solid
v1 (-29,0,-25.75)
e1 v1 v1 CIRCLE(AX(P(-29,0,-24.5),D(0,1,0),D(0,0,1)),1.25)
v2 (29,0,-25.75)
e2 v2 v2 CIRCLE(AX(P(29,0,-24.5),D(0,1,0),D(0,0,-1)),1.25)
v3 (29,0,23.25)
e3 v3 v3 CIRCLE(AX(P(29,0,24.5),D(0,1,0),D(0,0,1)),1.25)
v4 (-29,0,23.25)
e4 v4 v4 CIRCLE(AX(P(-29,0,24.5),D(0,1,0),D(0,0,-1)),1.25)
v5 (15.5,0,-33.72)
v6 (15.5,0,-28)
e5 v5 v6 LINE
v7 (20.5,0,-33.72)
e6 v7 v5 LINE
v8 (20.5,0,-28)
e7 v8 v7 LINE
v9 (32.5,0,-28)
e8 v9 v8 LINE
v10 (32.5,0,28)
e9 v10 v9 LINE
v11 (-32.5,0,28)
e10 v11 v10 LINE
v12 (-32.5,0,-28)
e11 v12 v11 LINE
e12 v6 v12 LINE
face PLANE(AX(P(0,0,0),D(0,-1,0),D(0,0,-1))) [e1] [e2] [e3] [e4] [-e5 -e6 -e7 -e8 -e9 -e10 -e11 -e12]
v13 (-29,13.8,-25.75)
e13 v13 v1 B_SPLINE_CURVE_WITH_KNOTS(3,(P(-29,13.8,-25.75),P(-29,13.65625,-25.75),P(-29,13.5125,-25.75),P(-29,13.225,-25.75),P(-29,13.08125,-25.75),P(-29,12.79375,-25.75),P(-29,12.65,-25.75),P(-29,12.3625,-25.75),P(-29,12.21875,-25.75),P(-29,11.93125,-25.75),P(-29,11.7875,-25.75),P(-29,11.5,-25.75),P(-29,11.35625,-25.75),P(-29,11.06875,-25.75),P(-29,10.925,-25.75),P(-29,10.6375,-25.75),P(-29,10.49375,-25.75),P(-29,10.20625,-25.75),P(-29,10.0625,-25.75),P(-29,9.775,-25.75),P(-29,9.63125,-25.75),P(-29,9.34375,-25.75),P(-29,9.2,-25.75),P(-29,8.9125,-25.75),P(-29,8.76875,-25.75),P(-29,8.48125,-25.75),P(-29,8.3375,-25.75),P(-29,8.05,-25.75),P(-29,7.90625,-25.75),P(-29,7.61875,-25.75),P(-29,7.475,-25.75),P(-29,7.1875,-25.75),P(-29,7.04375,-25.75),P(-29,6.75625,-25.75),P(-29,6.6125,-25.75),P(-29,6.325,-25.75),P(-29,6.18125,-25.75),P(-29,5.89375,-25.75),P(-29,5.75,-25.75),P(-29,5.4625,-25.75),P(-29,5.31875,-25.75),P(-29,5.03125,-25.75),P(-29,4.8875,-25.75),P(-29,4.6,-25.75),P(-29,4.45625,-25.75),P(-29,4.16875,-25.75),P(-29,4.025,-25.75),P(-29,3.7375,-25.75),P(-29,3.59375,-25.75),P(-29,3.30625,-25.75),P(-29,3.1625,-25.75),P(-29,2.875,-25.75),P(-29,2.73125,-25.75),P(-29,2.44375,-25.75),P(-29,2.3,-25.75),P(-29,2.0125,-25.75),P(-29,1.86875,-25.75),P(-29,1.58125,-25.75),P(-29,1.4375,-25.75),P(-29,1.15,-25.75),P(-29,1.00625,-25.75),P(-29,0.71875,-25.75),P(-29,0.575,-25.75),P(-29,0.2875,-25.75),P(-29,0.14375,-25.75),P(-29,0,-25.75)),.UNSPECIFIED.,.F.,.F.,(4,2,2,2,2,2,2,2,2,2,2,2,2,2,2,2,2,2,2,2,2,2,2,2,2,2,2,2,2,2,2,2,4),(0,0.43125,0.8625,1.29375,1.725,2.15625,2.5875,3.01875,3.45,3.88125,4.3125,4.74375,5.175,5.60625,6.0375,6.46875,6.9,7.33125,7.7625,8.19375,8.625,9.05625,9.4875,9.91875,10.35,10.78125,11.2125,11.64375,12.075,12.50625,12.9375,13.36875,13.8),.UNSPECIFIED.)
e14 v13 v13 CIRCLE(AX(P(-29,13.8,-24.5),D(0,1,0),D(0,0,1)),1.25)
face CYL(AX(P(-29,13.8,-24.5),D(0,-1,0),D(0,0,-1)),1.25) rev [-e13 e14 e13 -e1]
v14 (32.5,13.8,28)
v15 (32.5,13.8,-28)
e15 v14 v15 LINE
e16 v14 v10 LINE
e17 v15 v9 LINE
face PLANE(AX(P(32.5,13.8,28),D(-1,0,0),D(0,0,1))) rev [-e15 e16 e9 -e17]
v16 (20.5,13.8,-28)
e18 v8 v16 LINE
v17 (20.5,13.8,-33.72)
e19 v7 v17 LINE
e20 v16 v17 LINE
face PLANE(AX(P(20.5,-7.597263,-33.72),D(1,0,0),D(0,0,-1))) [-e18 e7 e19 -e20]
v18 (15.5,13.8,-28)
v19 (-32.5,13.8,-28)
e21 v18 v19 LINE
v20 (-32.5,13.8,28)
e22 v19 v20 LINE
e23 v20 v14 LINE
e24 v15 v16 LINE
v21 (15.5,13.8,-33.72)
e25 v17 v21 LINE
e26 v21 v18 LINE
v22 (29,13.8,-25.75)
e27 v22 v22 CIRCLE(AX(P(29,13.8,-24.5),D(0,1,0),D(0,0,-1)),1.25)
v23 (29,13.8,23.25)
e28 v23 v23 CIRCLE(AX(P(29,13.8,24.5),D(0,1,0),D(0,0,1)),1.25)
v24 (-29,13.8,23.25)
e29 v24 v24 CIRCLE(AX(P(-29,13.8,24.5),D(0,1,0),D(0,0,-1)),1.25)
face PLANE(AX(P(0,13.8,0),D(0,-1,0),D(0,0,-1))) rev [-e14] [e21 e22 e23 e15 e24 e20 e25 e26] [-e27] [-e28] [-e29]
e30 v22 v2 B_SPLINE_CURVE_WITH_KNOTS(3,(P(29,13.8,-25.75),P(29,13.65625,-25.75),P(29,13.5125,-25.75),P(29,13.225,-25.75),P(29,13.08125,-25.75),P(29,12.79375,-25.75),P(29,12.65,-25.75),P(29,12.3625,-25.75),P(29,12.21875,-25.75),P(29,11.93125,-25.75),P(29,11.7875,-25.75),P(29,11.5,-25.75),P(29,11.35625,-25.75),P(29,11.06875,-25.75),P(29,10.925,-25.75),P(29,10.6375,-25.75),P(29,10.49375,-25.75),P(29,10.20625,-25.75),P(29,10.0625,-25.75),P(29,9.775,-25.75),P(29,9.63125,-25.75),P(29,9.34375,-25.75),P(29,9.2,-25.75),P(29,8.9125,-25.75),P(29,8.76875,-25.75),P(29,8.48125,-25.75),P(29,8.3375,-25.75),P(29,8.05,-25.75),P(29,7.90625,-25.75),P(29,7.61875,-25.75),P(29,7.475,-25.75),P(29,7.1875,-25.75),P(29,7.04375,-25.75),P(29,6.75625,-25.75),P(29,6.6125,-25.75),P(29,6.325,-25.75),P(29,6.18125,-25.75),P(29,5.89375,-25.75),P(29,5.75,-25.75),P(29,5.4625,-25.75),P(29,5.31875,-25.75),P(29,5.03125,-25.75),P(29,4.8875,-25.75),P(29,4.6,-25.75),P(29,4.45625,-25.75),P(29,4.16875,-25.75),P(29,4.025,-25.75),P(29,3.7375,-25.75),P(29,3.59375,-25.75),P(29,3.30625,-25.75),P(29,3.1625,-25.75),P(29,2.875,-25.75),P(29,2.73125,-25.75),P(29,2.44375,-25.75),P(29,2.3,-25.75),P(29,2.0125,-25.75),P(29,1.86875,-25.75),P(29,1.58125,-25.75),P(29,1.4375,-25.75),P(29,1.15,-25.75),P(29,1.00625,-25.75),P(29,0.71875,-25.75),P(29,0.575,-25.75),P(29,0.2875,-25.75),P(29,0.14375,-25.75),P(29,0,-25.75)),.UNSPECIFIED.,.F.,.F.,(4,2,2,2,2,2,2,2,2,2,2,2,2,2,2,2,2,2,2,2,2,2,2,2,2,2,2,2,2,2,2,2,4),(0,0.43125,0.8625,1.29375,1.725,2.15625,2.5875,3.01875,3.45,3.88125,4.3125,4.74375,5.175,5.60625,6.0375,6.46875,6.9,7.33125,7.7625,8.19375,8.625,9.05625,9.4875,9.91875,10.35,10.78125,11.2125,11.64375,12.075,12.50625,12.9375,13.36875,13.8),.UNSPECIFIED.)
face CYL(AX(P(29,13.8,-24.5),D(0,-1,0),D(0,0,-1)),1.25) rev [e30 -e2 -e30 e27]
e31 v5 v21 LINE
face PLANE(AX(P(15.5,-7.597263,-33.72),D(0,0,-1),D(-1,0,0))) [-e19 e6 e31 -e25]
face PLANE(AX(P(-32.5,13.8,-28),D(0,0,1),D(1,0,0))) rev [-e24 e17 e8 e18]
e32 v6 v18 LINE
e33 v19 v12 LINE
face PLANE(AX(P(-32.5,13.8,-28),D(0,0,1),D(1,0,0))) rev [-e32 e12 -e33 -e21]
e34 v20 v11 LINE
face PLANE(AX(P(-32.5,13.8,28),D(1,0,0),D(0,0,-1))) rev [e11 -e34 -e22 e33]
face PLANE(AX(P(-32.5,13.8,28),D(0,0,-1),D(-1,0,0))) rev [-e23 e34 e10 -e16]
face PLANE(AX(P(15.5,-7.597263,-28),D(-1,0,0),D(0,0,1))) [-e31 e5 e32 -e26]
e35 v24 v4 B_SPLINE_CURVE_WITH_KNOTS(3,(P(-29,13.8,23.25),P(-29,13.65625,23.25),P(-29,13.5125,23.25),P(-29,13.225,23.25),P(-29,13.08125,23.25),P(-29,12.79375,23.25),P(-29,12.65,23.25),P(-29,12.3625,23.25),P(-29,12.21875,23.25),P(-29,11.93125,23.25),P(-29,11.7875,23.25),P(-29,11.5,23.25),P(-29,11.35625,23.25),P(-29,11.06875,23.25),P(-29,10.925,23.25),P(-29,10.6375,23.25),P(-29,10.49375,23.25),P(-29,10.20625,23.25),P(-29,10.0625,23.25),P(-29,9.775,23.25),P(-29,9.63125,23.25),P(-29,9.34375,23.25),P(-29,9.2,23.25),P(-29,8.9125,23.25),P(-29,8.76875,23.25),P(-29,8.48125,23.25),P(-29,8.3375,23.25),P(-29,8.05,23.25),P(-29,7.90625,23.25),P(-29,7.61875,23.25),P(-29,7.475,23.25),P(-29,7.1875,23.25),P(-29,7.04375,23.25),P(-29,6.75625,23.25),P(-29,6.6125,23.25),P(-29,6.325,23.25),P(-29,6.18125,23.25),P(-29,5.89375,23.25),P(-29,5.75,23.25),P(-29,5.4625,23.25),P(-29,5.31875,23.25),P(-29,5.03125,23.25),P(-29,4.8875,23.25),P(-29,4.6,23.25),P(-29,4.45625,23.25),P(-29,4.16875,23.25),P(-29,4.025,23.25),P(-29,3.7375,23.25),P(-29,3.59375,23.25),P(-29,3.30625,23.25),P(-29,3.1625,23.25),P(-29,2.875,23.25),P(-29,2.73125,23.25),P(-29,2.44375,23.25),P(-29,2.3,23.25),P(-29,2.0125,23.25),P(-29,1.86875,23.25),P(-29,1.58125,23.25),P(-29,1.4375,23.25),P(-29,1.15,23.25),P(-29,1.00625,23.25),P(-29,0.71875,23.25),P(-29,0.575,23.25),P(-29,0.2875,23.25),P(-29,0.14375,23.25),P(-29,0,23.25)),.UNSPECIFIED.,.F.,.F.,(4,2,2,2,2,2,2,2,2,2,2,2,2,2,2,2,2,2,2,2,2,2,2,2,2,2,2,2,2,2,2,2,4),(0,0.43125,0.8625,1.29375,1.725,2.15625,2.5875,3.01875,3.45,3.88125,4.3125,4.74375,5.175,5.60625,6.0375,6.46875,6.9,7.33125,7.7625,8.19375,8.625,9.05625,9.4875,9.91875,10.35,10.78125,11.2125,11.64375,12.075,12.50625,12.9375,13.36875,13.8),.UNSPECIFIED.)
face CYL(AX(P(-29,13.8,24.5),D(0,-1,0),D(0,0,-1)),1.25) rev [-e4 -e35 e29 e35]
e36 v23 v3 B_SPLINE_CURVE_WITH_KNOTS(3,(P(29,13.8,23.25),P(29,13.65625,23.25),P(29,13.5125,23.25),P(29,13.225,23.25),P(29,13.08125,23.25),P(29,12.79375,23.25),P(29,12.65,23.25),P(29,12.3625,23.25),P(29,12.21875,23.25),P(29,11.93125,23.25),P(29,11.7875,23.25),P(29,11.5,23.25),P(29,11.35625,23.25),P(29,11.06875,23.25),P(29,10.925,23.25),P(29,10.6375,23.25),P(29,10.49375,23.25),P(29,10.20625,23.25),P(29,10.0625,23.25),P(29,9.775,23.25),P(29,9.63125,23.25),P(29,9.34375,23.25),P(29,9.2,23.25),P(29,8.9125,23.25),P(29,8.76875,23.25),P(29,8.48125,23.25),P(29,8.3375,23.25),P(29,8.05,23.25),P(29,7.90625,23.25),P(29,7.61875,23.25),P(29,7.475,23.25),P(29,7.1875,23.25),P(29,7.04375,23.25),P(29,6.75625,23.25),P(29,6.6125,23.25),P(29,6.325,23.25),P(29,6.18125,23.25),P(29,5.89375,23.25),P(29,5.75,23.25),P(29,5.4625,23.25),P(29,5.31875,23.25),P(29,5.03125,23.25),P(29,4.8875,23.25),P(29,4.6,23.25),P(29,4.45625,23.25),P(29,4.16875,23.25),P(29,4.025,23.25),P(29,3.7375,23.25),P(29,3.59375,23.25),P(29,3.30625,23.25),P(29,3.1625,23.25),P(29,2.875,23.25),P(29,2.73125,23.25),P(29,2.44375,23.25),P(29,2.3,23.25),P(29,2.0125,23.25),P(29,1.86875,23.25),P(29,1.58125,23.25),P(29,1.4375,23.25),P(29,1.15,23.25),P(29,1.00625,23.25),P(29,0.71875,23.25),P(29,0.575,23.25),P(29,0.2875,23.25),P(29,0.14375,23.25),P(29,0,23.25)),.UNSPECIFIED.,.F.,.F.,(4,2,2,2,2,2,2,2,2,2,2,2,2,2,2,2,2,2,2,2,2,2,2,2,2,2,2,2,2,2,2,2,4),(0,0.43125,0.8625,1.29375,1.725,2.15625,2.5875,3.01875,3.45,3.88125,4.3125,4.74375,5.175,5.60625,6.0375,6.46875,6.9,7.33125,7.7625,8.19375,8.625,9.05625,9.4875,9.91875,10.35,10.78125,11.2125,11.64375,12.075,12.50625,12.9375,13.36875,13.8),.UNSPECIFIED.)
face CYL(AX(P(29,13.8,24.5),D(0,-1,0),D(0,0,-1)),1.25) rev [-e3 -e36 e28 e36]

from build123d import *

# Parameters (mm, degrees)
SKETCH_1_W      = 65
SKETCH_1_H      = 56
SKETCH_1_R      = 1.25
EXTRUDE_1_DEPTH = 13.8
SKETCH_2_W      = 5
SKETCH_2_H      = 5.72
EXTRUDE_2_DEPTH = 13.8


with BuildPart() as part:
    # 草图1 → 凸台-拉伸1 (new body)
    with BuildSketch(Plane(origin=(0, 0, 0), x_dir=(1, 0, 0), z_dir=(0, 1, 0))):
        Rectangle(SKETCH_1_W, SKETCH_1_H)
        with Locations(Location((-29, 24.5, 0), (0, 0, 90))):
            Circle(SKETCH_1_R, mode=Mode.SUBTRACT)
        with Locations(Location((29, 24.5, 0), (0, 0, 90))):
            Circle(SKETCH_1_R, mode=Mode.SUBTRACT)
        with Locations(Location((29, -24.5, 0), (0, 0, 90))):
            Circle(SKETCH_1_R, mode=Mode.SUBTRACT)
        with Locations(Location((-29, -24.5, 0), (0, 0, 90))):
            Circle(SKETCH_1_R, mode=Mode.SUBTRACT)
    extrude(amount=EXTRUDE_1_DEPTH)

    # 草图2 → 凸台-拉伸2 (add)
    with BuildSketch(Plane(origin=(0, 13.8, 0), x_dir=(1, 0, 0), z_dir=(0, 1, 0))):
        with Locations((18, 30.86)):
            Rectangle(SKETCH_2_W, SKETCH_2_H)
    extrude(amount=-EXTRUDE_2_DEPTH)


solid = part.part
